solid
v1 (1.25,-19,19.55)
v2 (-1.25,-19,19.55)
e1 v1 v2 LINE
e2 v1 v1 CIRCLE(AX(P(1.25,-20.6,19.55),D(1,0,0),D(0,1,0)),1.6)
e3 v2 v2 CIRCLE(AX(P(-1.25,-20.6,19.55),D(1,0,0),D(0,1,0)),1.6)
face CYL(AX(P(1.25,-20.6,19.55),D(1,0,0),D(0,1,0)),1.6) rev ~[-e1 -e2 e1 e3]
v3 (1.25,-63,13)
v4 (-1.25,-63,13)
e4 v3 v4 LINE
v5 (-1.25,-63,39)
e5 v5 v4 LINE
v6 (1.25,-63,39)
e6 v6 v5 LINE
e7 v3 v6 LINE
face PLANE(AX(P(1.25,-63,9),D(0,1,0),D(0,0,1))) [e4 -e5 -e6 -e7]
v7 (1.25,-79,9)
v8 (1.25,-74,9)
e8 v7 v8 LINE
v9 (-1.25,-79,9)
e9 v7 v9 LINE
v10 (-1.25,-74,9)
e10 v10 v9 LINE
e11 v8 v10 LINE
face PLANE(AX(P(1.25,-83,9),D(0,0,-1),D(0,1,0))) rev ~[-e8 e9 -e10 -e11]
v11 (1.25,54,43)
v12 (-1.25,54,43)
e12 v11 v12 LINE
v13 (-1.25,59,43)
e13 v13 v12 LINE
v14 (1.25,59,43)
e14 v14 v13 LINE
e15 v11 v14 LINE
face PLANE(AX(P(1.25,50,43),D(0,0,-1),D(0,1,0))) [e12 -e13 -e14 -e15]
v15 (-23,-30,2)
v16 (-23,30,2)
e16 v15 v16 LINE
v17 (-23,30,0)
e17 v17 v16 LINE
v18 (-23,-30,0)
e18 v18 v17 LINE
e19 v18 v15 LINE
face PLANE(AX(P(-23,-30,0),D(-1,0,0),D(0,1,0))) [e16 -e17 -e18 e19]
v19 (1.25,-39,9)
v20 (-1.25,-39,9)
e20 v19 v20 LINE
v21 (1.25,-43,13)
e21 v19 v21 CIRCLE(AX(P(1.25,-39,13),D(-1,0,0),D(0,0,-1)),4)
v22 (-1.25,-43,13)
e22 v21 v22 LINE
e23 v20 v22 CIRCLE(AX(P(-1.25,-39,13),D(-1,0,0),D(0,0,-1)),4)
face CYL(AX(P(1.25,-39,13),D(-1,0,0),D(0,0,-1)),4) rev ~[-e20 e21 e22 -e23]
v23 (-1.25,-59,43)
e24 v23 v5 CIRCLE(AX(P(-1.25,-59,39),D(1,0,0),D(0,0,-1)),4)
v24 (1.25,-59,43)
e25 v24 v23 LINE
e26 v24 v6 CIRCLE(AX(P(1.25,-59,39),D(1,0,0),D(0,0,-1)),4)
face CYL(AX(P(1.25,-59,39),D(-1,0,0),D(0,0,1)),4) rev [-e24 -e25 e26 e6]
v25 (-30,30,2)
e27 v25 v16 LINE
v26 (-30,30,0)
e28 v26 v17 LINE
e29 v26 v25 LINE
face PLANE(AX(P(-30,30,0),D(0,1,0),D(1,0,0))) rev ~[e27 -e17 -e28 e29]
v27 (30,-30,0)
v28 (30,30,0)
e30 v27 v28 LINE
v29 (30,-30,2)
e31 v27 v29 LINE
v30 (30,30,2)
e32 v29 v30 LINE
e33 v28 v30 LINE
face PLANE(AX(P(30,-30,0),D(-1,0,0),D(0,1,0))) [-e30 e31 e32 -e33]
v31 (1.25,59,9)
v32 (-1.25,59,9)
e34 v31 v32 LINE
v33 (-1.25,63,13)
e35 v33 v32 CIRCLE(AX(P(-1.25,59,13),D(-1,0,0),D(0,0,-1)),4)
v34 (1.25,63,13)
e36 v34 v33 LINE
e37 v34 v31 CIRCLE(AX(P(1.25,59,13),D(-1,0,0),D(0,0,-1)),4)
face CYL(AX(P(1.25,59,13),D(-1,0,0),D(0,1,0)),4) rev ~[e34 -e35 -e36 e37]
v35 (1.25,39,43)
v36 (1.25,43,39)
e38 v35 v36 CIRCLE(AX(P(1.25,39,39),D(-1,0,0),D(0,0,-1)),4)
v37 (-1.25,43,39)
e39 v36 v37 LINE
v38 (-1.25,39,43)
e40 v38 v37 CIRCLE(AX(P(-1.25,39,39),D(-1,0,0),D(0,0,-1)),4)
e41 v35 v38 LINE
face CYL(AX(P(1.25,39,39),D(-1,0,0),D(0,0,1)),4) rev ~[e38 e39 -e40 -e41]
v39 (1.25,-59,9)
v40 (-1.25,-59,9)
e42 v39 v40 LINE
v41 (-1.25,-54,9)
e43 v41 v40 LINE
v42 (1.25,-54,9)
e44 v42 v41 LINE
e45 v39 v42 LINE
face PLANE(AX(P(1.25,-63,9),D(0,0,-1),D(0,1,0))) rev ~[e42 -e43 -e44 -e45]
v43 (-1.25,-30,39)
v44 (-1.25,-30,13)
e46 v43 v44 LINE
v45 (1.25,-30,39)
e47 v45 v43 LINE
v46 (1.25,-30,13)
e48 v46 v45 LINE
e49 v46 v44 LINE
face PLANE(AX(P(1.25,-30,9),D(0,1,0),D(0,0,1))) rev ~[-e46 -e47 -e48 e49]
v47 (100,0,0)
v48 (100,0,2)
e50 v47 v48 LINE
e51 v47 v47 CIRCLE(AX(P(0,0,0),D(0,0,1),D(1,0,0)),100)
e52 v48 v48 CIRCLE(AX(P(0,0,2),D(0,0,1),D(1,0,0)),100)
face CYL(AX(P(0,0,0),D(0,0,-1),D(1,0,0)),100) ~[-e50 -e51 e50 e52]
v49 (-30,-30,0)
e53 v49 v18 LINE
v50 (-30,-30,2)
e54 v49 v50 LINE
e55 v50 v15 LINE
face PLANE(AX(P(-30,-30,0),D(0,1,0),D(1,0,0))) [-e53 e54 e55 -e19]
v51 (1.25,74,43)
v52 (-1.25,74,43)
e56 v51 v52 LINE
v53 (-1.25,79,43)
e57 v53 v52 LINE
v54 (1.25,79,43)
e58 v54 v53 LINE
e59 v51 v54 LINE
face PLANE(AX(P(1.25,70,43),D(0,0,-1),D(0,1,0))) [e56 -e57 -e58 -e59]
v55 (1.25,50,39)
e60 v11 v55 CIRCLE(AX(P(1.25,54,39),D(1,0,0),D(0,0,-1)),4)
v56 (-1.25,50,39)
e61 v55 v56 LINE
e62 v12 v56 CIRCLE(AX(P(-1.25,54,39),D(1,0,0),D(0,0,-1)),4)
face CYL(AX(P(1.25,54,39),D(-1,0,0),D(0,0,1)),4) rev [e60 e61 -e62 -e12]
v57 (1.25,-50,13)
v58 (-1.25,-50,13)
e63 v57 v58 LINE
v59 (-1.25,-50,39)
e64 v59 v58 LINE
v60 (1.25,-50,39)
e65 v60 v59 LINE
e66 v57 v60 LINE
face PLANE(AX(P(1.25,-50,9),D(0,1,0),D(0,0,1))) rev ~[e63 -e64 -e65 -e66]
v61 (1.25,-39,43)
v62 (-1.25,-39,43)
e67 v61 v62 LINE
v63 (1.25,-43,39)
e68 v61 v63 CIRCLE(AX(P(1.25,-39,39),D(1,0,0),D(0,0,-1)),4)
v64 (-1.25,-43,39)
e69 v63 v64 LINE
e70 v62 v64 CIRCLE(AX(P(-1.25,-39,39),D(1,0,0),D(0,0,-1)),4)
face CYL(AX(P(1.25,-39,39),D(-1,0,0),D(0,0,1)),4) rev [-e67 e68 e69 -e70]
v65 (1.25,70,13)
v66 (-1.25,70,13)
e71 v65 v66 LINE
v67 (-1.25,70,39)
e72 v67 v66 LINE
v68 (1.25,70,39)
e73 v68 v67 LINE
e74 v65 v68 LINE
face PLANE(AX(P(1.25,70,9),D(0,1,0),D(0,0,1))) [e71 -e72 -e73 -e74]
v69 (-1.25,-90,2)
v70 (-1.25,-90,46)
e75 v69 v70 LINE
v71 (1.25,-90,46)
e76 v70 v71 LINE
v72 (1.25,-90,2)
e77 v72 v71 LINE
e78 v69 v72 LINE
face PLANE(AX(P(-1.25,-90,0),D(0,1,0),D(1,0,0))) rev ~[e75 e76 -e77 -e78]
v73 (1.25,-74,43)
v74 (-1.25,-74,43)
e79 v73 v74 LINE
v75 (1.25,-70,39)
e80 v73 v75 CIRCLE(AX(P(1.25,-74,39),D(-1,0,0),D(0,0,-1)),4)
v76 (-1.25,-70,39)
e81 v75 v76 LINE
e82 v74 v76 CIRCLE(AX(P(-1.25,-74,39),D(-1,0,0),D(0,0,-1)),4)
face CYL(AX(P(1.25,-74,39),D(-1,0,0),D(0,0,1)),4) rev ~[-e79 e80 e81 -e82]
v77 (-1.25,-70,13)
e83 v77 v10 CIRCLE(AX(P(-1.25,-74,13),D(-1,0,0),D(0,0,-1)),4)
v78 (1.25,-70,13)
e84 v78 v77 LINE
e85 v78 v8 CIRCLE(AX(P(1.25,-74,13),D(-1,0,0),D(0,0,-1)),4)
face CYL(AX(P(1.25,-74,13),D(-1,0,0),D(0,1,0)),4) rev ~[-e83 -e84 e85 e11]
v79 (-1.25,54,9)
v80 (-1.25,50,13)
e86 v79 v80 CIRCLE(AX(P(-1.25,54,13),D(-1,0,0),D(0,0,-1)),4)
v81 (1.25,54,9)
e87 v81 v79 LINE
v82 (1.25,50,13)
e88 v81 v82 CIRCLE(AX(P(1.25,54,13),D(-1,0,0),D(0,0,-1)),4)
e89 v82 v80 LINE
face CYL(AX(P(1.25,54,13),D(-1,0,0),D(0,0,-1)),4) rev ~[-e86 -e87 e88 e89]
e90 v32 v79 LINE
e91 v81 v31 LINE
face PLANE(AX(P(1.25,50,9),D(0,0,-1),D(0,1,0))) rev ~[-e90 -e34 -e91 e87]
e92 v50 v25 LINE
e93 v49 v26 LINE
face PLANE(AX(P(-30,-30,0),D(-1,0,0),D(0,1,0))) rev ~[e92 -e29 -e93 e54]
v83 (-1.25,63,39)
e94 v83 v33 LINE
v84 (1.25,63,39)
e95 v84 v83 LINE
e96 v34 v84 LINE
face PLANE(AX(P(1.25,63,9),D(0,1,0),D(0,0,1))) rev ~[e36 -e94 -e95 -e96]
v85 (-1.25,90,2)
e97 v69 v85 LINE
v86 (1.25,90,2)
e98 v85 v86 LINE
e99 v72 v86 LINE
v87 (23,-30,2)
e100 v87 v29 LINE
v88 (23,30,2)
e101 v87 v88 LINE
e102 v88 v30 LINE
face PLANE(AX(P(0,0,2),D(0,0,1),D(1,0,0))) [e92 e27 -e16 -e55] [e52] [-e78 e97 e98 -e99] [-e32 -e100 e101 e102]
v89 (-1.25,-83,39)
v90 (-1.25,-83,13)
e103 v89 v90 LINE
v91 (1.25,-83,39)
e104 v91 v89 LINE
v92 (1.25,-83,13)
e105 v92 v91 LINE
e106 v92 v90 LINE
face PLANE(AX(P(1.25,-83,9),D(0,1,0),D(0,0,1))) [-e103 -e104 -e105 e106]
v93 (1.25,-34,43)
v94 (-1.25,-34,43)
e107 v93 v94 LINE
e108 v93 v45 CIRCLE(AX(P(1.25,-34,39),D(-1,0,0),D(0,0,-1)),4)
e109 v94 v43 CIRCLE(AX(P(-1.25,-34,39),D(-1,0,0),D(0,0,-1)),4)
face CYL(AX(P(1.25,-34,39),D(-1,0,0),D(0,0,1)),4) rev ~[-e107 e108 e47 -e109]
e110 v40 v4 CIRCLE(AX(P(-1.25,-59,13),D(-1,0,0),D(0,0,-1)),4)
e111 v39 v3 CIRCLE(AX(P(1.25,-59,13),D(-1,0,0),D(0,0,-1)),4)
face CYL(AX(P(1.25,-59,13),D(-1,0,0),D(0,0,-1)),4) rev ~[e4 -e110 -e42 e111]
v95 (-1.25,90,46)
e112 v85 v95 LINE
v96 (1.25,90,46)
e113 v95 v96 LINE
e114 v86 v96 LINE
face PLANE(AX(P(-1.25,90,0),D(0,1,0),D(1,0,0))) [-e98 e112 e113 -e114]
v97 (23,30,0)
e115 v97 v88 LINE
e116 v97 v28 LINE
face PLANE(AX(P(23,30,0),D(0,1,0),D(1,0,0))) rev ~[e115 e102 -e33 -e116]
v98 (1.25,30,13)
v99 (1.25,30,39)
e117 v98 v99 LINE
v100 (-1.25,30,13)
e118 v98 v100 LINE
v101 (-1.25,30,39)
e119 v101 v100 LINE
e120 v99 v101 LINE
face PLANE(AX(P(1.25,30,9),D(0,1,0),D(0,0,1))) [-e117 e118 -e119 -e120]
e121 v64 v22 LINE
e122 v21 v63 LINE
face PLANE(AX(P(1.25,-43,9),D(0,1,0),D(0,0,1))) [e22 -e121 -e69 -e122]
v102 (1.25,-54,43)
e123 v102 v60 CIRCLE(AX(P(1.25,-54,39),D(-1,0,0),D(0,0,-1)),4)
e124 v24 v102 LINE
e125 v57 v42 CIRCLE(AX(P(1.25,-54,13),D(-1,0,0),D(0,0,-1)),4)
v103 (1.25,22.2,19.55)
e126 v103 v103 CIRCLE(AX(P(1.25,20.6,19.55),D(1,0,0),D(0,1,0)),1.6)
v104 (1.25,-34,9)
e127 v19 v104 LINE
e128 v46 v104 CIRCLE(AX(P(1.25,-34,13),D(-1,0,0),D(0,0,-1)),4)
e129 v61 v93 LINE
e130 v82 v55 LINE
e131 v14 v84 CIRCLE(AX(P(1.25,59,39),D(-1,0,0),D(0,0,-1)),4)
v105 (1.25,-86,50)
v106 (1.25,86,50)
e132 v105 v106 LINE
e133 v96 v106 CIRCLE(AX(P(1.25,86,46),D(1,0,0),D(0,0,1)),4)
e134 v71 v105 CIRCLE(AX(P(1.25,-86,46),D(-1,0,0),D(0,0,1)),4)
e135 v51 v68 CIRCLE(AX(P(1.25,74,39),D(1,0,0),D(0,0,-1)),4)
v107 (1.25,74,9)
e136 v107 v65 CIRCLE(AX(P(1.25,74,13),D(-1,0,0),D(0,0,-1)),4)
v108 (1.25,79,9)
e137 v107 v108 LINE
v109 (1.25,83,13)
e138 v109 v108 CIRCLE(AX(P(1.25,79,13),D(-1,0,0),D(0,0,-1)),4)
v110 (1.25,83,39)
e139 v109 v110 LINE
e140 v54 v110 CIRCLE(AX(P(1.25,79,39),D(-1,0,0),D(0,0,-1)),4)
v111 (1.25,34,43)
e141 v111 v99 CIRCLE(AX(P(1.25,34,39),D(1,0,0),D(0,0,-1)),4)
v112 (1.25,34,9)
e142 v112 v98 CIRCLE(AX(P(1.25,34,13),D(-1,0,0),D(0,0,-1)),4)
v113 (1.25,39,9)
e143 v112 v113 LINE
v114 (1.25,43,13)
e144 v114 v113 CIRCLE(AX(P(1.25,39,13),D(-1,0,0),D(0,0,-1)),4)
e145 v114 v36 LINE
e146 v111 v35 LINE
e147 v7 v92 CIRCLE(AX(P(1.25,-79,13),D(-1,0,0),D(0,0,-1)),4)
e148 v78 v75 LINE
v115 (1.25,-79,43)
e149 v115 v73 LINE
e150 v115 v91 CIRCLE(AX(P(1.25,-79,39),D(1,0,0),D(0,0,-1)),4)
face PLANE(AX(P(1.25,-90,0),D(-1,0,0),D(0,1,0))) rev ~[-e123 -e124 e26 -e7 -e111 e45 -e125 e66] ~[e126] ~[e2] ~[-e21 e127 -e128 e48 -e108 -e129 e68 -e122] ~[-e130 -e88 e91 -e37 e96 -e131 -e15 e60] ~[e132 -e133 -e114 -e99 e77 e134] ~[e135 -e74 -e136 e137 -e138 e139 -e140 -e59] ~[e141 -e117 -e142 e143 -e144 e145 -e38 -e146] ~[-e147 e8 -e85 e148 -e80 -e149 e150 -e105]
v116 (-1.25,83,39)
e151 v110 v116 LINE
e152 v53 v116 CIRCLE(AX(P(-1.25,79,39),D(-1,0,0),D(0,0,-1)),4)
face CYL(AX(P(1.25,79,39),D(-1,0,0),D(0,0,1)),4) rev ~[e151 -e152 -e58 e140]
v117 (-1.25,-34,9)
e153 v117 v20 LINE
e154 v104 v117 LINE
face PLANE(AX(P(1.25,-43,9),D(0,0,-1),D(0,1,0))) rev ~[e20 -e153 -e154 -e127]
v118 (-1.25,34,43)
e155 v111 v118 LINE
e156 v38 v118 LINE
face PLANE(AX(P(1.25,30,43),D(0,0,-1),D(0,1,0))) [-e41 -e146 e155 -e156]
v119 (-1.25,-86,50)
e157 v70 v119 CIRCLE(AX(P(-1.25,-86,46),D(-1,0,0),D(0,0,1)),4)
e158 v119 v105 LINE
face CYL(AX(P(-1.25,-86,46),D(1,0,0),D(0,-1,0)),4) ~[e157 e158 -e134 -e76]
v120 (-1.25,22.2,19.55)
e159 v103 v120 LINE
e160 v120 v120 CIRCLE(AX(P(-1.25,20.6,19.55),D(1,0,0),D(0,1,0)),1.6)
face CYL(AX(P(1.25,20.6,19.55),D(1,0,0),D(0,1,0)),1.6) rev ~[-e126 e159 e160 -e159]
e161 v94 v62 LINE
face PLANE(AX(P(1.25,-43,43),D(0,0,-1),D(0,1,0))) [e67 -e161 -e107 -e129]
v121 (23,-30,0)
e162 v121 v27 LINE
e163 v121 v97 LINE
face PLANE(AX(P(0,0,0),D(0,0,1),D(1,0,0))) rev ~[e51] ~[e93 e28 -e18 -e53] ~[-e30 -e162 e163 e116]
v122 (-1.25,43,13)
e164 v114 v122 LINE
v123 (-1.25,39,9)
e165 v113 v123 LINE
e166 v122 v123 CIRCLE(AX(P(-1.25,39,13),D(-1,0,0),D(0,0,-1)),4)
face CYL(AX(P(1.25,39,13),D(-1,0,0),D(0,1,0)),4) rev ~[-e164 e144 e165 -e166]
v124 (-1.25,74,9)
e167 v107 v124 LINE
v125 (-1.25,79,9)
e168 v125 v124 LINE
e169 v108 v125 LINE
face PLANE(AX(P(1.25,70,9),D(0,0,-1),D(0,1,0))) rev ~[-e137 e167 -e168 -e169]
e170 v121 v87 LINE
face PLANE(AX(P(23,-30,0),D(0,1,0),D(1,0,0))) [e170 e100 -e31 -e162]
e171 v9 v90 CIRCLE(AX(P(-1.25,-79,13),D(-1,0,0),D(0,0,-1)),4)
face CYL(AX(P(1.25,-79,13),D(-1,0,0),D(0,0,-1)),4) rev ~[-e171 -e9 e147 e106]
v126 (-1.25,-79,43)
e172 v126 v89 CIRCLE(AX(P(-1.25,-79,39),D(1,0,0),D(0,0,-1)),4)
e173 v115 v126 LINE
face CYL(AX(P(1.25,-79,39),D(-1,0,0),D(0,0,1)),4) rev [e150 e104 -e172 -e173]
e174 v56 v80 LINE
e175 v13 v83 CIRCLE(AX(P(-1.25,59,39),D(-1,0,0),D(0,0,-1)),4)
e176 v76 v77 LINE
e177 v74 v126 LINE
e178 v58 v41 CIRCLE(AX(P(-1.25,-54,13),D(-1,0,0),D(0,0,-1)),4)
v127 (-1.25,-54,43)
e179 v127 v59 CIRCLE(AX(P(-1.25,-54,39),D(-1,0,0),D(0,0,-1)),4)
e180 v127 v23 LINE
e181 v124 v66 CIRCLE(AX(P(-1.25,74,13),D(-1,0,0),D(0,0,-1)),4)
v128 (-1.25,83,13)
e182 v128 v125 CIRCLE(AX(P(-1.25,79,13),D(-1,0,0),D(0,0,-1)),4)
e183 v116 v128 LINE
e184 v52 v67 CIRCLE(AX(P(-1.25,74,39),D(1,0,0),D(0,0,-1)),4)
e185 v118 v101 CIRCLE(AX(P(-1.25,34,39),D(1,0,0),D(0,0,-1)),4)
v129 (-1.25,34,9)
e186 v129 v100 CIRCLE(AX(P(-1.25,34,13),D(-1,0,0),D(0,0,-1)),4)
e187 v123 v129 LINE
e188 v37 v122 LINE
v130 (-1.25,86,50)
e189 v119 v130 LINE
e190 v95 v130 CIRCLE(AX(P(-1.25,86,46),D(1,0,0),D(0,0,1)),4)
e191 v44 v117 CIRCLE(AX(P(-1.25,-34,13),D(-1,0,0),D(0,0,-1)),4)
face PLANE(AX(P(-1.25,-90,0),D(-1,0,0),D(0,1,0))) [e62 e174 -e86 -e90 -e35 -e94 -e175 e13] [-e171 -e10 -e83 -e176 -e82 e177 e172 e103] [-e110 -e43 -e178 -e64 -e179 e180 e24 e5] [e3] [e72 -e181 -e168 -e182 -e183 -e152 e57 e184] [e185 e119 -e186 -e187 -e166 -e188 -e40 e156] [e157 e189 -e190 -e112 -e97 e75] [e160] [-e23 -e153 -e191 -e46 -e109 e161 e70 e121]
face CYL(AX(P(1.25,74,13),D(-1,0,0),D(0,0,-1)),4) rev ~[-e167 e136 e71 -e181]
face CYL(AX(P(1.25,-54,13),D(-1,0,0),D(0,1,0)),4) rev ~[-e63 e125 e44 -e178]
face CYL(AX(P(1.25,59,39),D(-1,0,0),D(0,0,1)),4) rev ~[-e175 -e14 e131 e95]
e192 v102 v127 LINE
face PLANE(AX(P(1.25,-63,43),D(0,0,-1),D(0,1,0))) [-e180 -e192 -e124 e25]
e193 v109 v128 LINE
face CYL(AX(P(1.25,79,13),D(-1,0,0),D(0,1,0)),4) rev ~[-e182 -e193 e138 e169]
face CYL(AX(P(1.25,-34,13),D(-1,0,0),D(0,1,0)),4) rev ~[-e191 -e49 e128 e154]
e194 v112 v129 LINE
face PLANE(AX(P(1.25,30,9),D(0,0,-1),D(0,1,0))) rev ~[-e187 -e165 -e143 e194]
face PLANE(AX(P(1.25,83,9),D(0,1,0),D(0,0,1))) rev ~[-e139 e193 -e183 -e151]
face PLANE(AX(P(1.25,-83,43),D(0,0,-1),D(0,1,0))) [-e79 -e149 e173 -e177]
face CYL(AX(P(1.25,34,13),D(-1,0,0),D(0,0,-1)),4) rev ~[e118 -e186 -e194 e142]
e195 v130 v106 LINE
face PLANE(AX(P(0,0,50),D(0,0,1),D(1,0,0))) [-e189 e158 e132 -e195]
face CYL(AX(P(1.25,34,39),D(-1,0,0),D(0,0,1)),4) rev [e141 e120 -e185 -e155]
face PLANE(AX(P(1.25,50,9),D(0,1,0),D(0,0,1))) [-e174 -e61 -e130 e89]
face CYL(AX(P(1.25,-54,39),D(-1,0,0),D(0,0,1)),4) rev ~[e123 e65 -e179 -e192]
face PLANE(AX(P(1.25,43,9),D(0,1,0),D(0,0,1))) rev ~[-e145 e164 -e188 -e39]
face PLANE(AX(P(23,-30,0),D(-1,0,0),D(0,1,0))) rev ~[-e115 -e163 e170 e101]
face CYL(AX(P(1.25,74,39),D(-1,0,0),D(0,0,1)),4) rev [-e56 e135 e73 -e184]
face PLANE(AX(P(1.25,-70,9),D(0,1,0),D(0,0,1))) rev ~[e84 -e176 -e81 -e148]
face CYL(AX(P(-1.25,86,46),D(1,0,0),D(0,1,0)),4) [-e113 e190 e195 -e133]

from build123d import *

# Parameters (mm, degrees)
F0_R     = 100
F0_W     = 7
F0_H     = 60
F0_W_2   = 2.5
F0_H_2   = 180
F1_DEPTH = 2
F2_DEPTH = 50
F3_R     = 1.6
F3_W     = 13
F3_H     = 34
F4_DEPTH = 4
F5_R     = 4


with BuildPart() as f1:
    # F0 (on Top) → F1 (new body)
    with BuildSketch(Plane.XY):
        Circle(F0_R)
        with Locations((-26.5, 0)):
            Rectangle(F0_W, F0_H, mode=Mode.SUBTRACT)
        Rectangle(F0_W_2, F0_H_2, mode=Mode.SUBTRACT)
        with Locations((26.5, 0)):
            Rectangle(F0_W, F0_H, mode=Mode.SUBTRACT)
    extrude(amount=F1_DEPTH)

    # F0 (on Top) → F2 (join)
    with BuildSketch(Plane.XY):
        Rectangle(F0_W_2, F0_H_2)
    extrude(amount=F2_DEPTH)

    # F3 (on face) → F4 (cut)
    with BuildSketch(Plane.YZ.offset(1.25)):
        with Locations((-20.6, 19.55)):
            Circle(F3_R)
        with Locations((20.6, 19.55)):
            Circle(F3_R)
        with Locations((-76.5, 26)):
            Rectangle(F3_W, F3_H)
        with Locations((-56.5, 26)):
            Rectangle(F3_W, F3_H)
        with Locations((-36.5, 26)):
            Rectangle(F3_W, F3_H)
        with Locations((76.5, 26)):
            Rectangle(F3_W, F3_H)
        with Locations((56.5, 26)):
            Rectangle(F3_W, F3_H)
        with Locations((36.5, 26)):
            Rectangle(F3_W, F3_H)
    extrude(amount=-F4_DEPTH, mode=Mode.SUBTRACT)

    # F5
    f5_edges = [f1.edges().sort_by_distance(p)[0] for p in [
        (0, -90, 50),
        (0, 90, 50),
        (0, 50, 9),
        (0, 63, 9),
        (0, 83, 9),
        (0, 70, 9),
        (0, 30, 9),
        (0, -43, 9),
        (0, 83, 43),
        (0, 63, 43),
        (0, 43, 43),
        (0, -30, 43),
        (0, -50, 43),
        (0, -70, 43),
        (0, -70, 9),
        (0, -50, 9),
        (0, -30, 9),
        (0, -63, 9),
        (0, -83, 9),
        (0, 70, 43),
        (0, 50, 43),
        (0, 30, 43),
        (0, -63, 43),
        (0, -43, 43),
        (0, -83, 43),
        (0, 43, 9),
    ]]
    fillet(f5_edges, radius=F5_R)


solid = f1.part
